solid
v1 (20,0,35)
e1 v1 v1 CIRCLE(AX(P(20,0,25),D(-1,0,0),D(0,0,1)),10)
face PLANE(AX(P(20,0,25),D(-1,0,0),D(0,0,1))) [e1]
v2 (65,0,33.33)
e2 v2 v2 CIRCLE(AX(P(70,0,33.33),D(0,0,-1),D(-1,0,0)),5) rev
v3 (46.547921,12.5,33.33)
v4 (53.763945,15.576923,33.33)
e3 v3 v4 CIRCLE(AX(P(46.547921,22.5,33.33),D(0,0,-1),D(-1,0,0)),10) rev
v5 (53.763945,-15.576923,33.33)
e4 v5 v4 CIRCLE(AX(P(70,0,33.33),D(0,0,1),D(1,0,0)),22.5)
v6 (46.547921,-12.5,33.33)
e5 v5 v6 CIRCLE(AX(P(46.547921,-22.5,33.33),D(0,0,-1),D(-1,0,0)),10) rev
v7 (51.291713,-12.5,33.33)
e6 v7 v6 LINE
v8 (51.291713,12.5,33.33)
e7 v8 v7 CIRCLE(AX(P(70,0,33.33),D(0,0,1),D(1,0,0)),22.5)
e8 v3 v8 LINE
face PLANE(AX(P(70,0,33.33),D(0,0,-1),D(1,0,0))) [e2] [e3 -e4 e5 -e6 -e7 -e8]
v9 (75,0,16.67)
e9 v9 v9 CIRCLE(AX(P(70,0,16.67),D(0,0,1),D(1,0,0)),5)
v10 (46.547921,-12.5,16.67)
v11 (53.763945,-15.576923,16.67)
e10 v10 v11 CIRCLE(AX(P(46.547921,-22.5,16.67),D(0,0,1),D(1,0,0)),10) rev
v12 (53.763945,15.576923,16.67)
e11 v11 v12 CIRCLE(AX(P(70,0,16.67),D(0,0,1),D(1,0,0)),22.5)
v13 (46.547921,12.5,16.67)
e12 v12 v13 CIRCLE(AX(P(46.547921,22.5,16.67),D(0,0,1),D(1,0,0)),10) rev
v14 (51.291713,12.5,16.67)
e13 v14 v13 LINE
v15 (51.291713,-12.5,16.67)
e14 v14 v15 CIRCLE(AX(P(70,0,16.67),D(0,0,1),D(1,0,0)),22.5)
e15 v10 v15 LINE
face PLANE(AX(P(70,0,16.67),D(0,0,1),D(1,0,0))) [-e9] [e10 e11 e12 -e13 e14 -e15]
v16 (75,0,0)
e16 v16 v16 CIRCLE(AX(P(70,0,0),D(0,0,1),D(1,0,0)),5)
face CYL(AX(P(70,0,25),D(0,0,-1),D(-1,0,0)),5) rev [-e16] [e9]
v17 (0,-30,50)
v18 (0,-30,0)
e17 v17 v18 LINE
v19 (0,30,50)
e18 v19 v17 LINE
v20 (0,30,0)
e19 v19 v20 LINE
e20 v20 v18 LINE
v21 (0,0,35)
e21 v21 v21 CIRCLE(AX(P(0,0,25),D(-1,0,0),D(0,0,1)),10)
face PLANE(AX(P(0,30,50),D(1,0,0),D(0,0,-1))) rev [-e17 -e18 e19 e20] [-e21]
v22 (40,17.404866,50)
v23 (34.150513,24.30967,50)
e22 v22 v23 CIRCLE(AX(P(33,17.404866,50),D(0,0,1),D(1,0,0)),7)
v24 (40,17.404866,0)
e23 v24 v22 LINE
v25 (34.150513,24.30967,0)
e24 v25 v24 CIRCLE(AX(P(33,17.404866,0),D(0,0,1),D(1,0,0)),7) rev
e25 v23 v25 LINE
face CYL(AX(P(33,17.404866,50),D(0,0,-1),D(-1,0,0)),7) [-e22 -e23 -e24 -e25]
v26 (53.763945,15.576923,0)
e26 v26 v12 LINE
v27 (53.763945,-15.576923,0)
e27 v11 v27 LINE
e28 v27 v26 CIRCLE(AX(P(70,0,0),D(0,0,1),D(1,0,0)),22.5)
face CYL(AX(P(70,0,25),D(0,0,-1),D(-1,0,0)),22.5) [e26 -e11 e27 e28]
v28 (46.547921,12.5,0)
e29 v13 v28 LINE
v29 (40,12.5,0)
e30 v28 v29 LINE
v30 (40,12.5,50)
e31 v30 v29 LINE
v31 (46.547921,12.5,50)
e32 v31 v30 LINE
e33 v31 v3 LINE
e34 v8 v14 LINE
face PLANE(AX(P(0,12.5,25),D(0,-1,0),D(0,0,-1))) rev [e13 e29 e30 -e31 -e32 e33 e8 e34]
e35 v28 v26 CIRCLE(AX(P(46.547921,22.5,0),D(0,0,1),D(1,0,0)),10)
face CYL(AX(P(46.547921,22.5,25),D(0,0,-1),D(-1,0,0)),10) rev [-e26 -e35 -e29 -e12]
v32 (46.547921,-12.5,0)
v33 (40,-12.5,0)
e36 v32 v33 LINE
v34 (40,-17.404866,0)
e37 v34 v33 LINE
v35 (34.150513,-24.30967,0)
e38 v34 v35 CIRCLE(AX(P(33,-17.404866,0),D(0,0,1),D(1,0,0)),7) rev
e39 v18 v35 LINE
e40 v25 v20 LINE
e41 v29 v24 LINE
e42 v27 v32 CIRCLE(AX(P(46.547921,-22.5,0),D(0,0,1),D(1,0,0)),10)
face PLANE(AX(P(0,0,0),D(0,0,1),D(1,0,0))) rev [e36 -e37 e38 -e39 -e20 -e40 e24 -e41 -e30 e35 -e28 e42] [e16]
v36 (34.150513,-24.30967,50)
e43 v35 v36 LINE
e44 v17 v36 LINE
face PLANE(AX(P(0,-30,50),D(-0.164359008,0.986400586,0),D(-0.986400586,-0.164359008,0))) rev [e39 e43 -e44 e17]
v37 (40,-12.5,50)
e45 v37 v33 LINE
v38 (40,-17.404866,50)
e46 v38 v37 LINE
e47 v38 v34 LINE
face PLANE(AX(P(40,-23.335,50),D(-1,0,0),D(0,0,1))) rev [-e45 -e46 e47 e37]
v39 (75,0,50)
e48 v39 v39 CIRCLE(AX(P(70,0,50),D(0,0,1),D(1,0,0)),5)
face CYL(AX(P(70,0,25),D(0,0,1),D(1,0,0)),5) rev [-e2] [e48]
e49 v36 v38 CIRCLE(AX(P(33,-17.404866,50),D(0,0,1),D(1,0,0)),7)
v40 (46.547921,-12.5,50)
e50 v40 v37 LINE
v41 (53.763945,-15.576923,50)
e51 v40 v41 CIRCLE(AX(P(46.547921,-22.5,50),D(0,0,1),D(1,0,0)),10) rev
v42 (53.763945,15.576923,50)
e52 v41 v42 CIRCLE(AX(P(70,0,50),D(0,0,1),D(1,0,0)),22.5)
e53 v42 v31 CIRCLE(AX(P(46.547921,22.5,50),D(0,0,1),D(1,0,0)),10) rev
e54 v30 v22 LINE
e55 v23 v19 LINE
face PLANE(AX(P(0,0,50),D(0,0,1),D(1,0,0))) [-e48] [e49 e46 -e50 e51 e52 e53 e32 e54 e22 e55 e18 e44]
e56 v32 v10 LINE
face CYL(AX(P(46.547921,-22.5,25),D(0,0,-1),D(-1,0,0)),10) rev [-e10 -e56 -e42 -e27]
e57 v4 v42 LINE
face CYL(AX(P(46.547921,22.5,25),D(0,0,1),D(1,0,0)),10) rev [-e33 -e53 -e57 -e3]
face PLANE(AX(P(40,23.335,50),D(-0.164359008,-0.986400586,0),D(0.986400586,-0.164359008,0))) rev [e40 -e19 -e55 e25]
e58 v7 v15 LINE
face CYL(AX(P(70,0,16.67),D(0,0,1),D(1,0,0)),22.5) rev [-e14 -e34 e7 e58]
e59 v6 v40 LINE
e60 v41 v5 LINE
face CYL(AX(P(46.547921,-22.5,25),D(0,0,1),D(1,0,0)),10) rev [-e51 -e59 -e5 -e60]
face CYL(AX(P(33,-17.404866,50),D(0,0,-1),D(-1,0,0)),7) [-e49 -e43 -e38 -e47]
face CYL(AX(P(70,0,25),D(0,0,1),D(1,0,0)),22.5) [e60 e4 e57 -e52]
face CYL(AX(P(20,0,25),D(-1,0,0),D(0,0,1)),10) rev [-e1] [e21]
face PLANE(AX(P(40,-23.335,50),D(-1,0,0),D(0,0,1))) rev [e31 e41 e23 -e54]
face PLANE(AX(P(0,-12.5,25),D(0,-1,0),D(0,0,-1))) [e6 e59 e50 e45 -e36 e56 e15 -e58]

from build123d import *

# Parameters (mm, degrees)
BOSS_EXTRUDE1_DEPTH = 50
BOSS_EXTRUDE2_DEPTH = 25
CUT_EXTRUDE1_START  = -8.33
SKETCH3_R           = 22.5
CUT_EXTRUDE1_DEPTH  = 8.33
FILLET1_R           = 10
FILLET2_R           = 7
SKETCH4_R           = 10
CUT_EXTRUDE2_DEPTH  = 20


with BuildPart() as part:
    # Sketch1 → Boss-Extrude1 (new body)
    with BuildSketch(Plane.XY):
        Polygon((0, 30), (0, -30), (40, -23.334999563), (40, 23.334999563), align=None)
    extrude(amount=BOSS_EXTRUDE1_DEPTH)

    # Sketch2 → Boss-Extrude2 (add)
    with BuildSketch(Plane.XY):
        with BuildLine():
            Line((40, 0), (47.5, 0))
            ThreePointArc((47.5, 0), (48.4687848, 6.5312152), (51.291713066, 12.5))
            Line((51.291713066, 12.5), (40, 12.5))
            Line((40, 12.5), (40, 0))
        make_face()
        with BuildLine():
            Line((40, -12.5), (51.291713066, -12.5))
            ThreePointArc((51.291713066, -12.5), (48.4687848, -6.5312152), (47.5, 0))
            Line((47.5, 0), (40, 0))
            Line((40, 0), (40, -12.5))
        make_face()
        with BuildLine():
            ThreePointArc((47.5, 0), (48.4687848, -6.5312152), (51.291713066, -12.5))
            ThreePointArc((51.291713066, -12.5), (76.5312152, -21.5312152), (92.5, 0))
            Line((92.5, 0), (75, 0))
            ThreePointArc((75, 0), (70, -5), (65, 0))
            Line((65, 0), (47.5, 0))
        make_face()
        with BuildLine():
            Line((75, 0), (92.5, 0))
            ThreePointArc((92.5, 0), (76.5312152, 21.5312152), (51.291713066, 12.5))
            ThreePointArc((51.291713066, 12.5), (48.4687848, 6.5312152), (47.5, 0))
            Line((47.5, 0), (65, 0))
            ThreePointArc((65, 0), (70, 5), (75, 0))
        make_face()
    boss_extrude2 = extrude(amount=BOSS_EXTRUDE2_DEPTH)

    # Sketch3 → Cut-Extrude1 (cut)
    with BuildSketch(Plane.XY.offset(25).offset(CUT_EXTRUDE1_START)):
        with Locations((70, 0)):
            Circle(SKETCH3_R)
    cut_extrude1 = extrude(amount=CUT_EXTRUDE1_DEPTH, mode=Mode.SUBTRACT)

    # Mirror1: Boss-Extrude2, Cut-Extrude1 across plane
    add(boss_extrude2.mirror(Plane.XY.offset(25)))
    add(cut_extrude1.mirror(Plane.XY.offset(25)), mode=Mode.SUBTRACT)

    # Fillet1
    fillet1_edges = [part.edges().sort_by_distance(p)[0] for p in [
        (51.291713066, 12.5, 8.335),
        (51.291713066, -12.5, 8.335),
        (51.291713066, -12.5, 41.665),
        (51.291713066, 12.5, 41.665),
    ]]
    fillet(fillet1_edges, radius=FILLET1_R)

    # Fillet2
    fillet2_edges = [part.edges().sort_by_distance(p)[0] for p in [
        (40, 23.334999563, 25),
        (40, -23.334999563, 25),
    ]]
    fillet(fillet2_edges, radius=FILLET2_R)

    # Sketch4 → Cut-Extrude2 (cut)
    with BuildSketch(Plane.ZY):
        with Locations((25, 0)):
            Circle(SKETCH4_R)
    extrude(amount=-CUT_EXTRUDE2_DEPTH, mode=Mode.SUBTRACT)


solid = part.part
